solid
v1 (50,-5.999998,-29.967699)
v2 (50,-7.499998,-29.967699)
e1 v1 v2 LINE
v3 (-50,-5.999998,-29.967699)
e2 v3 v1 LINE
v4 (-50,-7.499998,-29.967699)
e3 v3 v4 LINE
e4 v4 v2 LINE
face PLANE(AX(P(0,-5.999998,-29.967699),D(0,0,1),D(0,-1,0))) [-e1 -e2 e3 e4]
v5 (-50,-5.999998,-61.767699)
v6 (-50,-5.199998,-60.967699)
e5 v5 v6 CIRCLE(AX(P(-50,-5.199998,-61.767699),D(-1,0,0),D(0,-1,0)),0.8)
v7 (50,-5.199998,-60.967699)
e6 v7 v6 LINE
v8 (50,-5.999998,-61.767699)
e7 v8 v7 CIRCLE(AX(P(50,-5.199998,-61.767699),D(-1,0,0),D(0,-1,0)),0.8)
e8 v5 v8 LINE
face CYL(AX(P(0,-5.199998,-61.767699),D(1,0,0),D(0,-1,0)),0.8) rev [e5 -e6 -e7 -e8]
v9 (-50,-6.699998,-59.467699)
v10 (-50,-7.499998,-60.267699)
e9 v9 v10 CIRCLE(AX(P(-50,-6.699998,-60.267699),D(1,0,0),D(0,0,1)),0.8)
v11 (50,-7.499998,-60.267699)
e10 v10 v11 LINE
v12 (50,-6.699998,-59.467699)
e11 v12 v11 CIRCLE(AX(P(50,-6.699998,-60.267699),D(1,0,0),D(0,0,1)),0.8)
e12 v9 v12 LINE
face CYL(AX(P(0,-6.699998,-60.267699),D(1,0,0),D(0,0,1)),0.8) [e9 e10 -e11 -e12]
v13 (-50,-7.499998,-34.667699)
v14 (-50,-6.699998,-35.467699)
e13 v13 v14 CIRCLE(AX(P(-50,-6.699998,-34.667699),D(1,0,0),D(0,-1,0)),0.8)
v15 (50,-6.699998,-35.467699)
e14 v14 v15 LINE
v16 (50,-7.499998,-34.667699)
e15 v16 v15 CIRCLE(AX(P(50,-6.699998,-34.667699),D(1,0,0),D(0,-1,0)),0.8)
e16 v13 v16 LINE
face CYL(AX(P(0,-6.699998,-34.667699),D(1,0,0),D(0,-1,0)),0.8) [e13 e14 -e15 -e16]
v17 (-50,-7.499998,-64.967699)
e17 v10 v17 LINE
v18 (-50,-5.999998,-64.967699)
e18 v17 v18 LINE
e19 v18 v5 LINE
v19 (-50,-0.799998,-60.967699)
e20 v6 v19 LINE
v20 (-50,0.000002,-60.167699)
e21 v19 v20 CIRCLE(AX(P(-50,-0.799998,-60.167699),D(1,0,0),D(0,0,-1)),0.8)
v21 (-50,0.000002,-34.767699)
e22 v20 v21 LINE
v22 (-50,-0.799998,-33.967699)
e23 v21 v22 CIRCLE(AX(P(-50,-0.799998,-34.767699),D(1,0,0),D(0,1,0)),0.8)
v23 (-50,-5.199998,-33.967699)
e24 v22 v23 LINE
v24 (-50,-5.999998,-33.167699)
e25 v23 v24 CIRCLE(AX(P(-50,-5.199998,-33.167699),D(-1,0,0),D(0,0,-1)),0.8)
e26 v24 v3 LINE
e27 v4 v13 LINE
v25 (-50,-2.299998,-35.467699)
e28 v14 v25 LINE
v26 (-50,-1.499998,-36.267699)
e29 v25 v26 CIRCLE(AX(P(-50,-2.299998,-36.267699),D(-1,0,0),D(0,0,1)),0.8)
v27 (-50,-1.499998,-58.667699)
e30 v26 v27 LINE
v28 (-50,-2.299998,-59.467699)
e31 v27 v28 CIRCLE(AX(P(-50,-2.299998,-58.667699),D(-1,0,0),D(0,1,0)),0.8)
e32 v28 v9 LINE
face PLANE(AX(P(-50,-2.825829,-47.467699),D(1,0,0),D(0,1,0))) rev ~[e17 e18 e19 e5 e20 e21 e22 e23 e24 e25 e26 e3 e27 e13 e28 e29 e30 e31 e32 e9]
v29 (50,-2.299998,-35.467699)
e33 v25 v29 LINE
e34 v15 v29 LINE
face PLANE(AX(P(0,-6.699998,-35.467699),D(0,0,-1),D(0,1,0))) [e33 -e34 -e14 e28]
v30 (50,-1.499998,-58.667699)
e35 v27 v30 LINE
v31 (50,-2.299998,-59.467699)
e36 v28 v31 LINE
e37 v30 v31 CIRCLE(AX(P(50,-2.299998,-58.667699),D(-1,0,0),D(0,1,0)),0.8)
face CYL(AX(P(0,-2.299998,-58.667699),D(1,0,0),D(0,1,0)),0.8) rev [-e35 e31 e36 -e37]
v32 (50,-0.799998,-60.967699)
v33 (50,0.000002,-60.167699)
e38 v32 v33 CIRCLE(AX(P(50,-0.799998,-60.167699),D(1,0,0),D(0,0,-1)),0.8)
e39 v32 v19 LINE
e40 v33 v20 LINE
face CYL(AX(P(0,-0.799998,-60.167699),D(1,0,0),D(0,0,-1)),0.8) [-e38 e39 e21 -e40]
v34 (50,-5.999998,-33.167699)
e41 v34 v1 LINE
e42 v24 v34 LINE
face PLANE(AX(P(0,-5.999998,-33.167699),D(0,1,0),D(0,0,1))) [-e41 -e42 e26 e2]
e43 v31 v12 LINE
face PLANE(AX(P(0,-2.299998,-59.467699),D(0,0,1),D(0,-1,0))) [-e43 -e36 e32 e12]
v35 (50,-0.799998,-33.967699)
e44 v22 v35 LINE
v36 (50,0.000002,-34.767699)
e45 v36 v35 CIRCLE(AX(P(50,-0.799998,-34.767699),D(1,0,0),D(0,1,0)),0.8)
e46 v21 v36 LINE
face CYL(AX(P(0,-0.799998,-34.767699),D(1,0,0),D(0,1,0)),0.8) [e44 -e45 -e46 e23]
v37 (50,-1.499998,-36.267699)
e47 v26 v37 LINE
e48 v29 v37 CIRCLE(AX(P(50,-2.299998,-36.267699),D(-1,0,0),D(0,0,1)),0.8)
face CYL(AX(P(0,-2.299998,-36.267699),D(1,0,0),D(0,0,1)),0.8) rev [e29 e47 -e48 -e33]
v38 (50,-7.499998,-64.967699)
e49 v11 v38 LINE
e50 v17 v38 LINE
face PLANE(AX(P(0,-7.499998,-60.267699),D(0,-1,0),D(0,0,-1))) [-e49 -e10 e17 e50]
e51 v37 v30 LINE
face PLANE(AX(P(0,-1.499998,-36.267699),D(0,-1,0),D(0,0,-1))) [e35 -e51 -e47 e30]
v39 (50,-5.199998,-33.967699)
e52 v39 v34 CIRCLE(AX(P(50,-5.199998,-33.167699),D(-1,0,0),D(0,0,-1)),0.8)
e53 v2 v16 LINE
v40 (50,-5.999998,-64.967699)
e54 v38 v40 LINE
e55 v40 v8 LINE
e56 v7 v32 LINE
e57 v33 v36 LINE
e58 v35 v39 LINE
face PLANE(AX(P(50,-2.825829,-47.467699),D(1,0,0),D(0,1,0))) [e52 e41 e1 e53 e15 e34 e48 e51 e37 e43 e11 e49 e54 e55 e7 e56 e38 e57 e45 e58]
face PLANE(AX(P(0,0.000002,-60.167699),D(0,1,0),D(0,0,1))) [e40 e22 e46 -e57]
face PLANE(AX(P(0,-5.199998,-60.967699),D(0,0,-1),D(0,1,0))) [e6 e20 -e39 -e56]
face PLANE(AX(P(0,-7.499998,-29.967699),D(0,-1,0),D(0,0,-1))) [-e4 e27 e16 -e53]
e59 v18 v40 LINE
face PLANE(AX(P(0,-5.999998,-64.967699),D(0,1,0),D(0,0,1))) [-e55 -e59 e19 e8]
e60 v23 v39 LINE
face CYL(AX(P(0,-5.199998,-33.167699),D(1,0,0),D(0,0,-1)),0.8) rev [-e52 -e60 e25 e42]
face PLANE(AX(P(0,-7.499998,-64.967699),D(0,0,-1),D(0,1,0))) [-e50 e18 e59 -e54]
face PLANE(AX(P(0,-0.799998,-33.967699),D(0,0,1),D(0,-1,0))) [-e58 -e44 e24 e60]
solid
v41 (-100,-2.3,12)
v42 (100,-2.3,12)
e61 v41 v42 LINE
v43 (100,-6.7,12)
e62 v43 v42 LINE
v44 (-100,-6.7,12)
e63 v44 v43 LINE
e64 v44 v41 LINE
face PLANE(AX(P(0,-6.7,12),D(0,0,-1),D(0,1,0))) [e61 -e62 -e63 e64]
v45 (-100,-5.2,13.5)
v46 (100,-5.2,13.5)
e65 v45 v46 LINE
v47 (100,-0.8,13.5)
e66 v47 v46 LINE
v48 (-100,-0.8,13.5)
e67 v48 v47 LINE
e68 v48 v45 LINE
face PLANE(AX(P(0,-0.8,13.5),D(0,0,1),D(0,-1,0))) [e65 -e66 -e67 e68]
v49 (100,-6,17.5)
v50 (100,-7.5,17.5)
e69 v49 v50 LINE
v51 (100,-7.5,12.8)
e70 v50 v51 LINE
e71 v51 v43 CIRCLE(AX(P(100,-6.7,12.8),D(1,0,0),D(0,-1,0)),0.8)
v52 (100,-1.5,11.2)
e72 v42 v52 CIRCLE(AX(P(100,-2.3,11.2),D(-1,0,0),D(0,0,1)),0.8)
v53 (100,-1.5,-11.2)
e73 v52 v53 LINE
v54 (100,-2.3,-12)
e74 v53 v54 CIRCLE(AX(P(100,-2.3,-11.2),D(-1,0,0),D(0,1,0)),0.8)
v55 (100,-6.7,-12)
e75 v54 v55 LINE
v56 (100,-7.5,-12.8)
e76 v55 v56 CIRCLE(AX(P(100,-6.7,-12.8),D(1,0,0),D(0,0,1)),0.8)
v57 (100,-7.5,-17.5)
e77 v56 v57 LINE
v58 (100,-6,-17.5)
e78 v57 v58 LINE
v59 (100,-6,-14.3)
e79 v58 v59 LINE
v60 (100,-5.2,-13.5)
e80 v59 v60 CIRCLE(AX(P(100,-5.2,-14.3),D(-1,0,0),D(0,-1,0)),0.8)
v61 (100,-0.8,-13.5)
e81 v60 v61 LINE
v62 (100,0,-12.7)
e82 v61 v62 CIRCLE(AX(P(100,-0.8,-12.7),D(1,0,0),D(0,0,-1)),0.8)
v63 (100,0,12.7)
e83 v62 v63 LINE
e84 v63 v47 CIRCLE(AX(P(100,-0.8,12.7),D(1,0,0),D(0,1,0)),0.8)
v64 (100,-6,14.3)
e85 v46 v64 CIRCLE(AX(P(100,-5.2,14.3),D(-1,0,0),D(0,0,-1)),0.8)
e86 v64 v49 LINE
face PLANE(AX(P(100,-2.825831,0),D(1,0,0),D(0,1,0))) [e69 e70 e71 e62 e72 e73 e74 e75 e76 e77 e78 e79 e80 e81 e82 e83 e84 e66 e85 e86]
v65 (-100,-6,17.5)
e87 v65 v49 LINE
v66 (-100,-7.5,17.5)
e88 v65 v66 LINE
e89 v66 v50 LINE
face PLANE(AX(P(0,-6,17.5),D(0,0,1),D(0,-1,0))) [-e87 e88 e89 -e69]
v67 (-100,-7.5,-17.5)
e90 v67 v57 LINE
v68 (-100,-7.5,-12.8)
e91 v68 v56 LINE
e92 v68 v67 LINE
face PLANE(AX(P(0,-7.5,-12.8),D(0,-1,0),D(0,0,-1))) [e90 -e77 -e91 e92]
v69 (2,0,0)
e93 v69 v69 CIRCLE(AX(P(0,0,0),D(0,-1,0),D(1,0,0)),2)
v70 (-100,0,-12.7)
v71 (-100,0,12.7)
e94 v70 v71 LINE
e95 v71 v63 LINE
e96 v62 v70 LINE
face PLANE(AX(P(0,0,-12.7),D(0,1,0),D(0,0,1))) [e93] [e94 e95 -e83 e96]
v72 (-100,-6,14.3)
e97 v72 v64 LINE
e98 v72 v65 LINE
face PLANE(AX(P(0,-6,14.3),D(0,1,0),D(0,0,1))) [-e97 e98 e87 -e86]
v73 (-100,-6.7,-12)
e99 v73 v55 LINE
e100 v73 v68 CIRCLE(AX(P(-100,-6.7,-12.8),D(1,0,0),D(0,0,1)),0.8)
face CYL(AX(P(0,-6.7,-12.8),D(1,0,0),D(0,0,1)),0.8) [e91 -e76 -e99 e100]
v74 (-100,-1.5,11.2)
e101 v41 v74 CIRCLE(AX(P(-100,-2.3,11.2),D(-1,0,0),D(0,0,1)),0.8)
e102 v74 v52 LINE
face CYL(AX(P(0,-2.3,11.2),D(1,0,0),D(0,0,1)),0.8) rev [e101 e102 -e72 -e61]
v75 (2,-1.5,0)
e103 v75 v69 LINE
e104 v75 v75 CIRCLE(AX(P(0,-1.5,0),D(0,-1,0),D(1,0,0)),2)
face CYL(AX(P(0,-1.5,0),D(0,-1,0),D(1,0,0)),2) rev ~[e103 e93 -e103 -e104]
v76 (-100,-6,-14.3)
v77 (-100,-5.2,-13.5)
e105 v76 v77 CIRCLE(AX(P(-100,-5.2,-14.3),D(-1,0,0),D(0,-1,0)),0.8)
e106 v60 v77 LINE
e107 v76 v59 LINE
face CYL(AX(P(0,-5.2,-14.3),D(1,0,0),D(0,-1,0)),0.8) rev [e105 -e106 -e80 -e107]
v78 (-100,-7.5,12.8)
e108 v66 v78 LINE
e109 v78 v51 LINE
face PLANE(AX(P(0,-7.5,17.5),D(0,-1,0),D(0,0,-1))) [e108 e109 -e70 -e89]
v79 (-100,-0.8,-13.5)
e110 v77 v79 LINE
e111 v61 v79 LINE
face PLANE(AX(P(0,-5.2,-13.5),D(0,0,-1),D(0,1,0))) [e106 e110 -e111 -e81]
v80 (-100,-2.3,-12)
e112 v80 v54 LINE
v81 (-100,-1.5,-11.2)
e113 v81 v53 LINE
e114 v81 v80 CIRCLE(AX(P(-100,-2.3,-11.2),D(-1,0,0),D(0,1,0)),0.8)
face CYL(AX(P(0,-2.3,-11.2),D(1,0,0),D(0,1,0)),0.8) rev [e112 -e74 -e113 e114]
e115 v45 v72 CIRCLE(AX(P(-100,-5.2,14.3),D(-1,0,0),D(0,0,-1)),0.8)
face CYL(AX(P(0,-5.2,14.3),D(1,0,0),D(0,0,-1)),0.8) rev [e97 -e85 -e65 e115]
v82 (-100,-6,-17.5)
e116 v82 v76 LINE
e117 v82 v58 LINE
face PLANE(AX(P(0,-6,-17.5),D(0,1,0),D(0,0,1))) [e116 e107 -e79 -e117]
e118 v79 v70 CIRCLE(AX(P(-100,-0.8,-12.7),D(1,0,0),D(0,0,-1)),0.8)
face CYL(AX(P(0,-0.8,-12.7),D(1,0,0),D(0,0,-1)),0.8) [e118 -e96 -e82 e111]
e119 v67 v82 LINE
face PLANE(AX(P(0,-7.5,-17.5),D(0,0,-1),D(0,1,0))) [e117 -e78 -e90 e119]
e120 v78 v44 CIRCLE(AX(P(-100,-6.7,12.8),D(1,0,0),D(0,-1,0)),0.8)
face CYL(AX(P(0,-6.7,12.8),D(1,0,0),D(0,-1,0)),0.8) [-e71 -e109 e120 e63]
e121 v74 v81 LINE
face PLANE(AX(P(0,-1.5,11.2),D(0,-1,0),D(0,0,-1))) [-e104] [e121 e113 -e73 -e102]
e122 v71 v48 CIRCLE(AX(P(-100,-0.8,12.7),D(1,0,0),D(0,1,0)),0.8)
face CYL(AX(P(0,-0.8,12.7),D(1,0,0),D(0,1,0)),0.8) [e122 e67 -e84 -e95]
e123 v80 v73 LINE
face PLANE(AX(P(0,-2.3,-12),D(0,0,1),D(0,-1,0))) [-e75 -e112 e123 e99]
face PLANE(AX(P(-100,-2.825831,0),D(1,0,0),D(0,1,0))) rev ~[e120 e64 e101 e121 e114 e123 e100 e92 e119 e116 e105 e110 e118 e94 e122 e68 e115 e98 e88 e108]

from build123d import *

# Parameters (mm, degrees)
F1_DEPTH = 100
F2_R     = 2
F3_DEPTH = 1.501
F7_DEPTH = 50


with BuildPart() as f1:
    # F0 (on Right) → F1 (new body, symmetric)
    with BuildSketch(Plane.YZ):
        with BuildLine():
            Line((0, -12.7), (0, 0))
            Line((0, 0), (0, 12.7))
            ThreePointArc((0, 12.7), (-0.2343145751, 13.2656854249), (-0.8, 13.5))
            Line((-0.8, 13.5), (-5.2, 13.5))
            ThreePointArc((-5.2, 13.5), (-5.7656854249, 13.7343145751), (-6, 14.3))
            Line((-6, 14.3), (-6, 17.5))
            Line((-6, 17.5), (-7.5, 17.5))
            Line((-7.5, 17.5), (-7.5, 12.8))
            ThreePointArc((-7.5, 12.8), (-7.2656854249, 12.2343145751), (-6.7, 12))
            Line((-6.7, 12), (-2.3, 12))
            ThreePointArc((-2.3, 12), (-1.7343145751, 11.7656854249), (-1.5, 11.2))
            Line((-1.5, 11.2), (-1.5, 0))
            Line((-1.5, 0), (-1.5, -11.2))
            ThreePointArc((-1.5, -11.2), (-1.7343145751, -11.7656854249), (-2.3, -12))
            Line((-2.3, -12), (-6.7, -12))
            ThreePointArc((-6.7, -12), (-7.2656854249, -12.2343145751), (-7.5, -12.8))
            Line((-7.5, -12.8), (-7.5, -17.5))
            Line((-7.5, -17.5), (-6, -17.5))
            Line((-6, -17.5), (-6, -14.3))
            ThreePointArc((-6, -14.3), (-5.7656854249, -13.7343145751), (-5.2, -13.5))
            Line((-5.2, -13.5), (-0.8, -13.5))
            ThreePointArc((-0.8, -13.5), (-0.2343145751, -13.2656854249), (0, -12.7))
        make_face()
    extrude(amount=F1_DEPTH, both=True)

    # F2 (on face) → F3 (cut, through all)
    with BuildSketch(Plane.XZ.offset(1.5)):
        Circle(F2_R)
    extrude(amount=-F3_DEPTH, mode=Mode.SUBTRACT)


with BuildPart() as f4_1:
    # F4: copy of F1
    add(f1.part.moved(Location((0, 0, -65))))


with BuildPart() as f7:
    # F6 (on Right) → F7 (new body, symmetric)
    with BuildSketch(Plane.YZ):
        with BuildLine():
            Line((2.0303e-06, -60.1676993489), (2.0303e-06, -47.4676993489))
            Line((2.0303e-06, -47.4676993489), (2.0303e-06, -34.7676993489))
            ThreePointArc((2.0303e-06, -34.7676993489), (-0.2343125448, -34.202013924), (-0.7999979697, -33.9676993489))
            Line((-0.7999979697, -33.9676993489), (-5.1999979697, -33.9676993489))
            ThreePointArc((-5.1999979697, -33.9676993489), (-5.7656833947, -33.7333847739), (-5.9999979697, -33.1676993489))
            Line((-5.9999979697, -33.1676993489), (-5.9999979697, -29.9676993489))
            Line((-5.9999979697, -29.9676993489), (-7.4999979697, -29.9676993489))
            Line((-7.4999979697, -29.9676993489), (-7.4999979697, -34.6676993489))
            ThreePointArc((-7.4999979697, -34.6676993489), (-7.2656833947, -35.2333847739), (-6.6999979697, -35.4676993489))
            Line((-6.6999979697, -35.4676993489), (-2.2999979697, -35.4676993489))
            ThreePointArc((-2.2999979697, -35.4676993489), (-1.7343125448, -35.702013924), (-1.4999979697, -36.2676993489))
            Line((-1.4999979697, -36.2676993489), (-1.4999979697, -47.4676993489))
            Line((-1.4999979697, -47.4676993489), (-1.4999979697, -58.6676993489))
            ThreePointArc((-1.4999979697, -58.6676993489), (-1.7343125448, -59.2333847739), (-2.2999979697, -59.4676993489))
            Line((-2.2999979697, -59.4676993489), (-6.6999979697, -59.4676993489))
            ThreePointArc((-6.6999979697, -59.4676993489), (-7.2656833947, -59.702013924), (-7.4999979697, -60.2676993489))
            Line((-7.4999979697, -60.2676993489), (-7.4999979697, -64.9676993489))
            Line((-7.4999979697, -64.9676993489), (-5.9999979697, -64.9676993489))
            Line((-5.9999979697, -64.9676993489), (-5.9999979697, -61.7676993489))
            ThreePointArc((-5.9999979697, -61.7676993489), (-5.7656833947, -61.202013924), (-5.1999979697, -60.9676993489))
            Line((-5.1999979697, -60.9676993489), (-0.7999979697, -60.9676993489))
            ThreePointArc((-0.7999979697, -60.9676993489), (-0.2343125448, -60.7333847739), (2.0303e-06, -60.1676993489))
        make_face()
    extrude(amount=F7_DEPTH, both=True)


solid = Compound([f1.part, f7.part])
